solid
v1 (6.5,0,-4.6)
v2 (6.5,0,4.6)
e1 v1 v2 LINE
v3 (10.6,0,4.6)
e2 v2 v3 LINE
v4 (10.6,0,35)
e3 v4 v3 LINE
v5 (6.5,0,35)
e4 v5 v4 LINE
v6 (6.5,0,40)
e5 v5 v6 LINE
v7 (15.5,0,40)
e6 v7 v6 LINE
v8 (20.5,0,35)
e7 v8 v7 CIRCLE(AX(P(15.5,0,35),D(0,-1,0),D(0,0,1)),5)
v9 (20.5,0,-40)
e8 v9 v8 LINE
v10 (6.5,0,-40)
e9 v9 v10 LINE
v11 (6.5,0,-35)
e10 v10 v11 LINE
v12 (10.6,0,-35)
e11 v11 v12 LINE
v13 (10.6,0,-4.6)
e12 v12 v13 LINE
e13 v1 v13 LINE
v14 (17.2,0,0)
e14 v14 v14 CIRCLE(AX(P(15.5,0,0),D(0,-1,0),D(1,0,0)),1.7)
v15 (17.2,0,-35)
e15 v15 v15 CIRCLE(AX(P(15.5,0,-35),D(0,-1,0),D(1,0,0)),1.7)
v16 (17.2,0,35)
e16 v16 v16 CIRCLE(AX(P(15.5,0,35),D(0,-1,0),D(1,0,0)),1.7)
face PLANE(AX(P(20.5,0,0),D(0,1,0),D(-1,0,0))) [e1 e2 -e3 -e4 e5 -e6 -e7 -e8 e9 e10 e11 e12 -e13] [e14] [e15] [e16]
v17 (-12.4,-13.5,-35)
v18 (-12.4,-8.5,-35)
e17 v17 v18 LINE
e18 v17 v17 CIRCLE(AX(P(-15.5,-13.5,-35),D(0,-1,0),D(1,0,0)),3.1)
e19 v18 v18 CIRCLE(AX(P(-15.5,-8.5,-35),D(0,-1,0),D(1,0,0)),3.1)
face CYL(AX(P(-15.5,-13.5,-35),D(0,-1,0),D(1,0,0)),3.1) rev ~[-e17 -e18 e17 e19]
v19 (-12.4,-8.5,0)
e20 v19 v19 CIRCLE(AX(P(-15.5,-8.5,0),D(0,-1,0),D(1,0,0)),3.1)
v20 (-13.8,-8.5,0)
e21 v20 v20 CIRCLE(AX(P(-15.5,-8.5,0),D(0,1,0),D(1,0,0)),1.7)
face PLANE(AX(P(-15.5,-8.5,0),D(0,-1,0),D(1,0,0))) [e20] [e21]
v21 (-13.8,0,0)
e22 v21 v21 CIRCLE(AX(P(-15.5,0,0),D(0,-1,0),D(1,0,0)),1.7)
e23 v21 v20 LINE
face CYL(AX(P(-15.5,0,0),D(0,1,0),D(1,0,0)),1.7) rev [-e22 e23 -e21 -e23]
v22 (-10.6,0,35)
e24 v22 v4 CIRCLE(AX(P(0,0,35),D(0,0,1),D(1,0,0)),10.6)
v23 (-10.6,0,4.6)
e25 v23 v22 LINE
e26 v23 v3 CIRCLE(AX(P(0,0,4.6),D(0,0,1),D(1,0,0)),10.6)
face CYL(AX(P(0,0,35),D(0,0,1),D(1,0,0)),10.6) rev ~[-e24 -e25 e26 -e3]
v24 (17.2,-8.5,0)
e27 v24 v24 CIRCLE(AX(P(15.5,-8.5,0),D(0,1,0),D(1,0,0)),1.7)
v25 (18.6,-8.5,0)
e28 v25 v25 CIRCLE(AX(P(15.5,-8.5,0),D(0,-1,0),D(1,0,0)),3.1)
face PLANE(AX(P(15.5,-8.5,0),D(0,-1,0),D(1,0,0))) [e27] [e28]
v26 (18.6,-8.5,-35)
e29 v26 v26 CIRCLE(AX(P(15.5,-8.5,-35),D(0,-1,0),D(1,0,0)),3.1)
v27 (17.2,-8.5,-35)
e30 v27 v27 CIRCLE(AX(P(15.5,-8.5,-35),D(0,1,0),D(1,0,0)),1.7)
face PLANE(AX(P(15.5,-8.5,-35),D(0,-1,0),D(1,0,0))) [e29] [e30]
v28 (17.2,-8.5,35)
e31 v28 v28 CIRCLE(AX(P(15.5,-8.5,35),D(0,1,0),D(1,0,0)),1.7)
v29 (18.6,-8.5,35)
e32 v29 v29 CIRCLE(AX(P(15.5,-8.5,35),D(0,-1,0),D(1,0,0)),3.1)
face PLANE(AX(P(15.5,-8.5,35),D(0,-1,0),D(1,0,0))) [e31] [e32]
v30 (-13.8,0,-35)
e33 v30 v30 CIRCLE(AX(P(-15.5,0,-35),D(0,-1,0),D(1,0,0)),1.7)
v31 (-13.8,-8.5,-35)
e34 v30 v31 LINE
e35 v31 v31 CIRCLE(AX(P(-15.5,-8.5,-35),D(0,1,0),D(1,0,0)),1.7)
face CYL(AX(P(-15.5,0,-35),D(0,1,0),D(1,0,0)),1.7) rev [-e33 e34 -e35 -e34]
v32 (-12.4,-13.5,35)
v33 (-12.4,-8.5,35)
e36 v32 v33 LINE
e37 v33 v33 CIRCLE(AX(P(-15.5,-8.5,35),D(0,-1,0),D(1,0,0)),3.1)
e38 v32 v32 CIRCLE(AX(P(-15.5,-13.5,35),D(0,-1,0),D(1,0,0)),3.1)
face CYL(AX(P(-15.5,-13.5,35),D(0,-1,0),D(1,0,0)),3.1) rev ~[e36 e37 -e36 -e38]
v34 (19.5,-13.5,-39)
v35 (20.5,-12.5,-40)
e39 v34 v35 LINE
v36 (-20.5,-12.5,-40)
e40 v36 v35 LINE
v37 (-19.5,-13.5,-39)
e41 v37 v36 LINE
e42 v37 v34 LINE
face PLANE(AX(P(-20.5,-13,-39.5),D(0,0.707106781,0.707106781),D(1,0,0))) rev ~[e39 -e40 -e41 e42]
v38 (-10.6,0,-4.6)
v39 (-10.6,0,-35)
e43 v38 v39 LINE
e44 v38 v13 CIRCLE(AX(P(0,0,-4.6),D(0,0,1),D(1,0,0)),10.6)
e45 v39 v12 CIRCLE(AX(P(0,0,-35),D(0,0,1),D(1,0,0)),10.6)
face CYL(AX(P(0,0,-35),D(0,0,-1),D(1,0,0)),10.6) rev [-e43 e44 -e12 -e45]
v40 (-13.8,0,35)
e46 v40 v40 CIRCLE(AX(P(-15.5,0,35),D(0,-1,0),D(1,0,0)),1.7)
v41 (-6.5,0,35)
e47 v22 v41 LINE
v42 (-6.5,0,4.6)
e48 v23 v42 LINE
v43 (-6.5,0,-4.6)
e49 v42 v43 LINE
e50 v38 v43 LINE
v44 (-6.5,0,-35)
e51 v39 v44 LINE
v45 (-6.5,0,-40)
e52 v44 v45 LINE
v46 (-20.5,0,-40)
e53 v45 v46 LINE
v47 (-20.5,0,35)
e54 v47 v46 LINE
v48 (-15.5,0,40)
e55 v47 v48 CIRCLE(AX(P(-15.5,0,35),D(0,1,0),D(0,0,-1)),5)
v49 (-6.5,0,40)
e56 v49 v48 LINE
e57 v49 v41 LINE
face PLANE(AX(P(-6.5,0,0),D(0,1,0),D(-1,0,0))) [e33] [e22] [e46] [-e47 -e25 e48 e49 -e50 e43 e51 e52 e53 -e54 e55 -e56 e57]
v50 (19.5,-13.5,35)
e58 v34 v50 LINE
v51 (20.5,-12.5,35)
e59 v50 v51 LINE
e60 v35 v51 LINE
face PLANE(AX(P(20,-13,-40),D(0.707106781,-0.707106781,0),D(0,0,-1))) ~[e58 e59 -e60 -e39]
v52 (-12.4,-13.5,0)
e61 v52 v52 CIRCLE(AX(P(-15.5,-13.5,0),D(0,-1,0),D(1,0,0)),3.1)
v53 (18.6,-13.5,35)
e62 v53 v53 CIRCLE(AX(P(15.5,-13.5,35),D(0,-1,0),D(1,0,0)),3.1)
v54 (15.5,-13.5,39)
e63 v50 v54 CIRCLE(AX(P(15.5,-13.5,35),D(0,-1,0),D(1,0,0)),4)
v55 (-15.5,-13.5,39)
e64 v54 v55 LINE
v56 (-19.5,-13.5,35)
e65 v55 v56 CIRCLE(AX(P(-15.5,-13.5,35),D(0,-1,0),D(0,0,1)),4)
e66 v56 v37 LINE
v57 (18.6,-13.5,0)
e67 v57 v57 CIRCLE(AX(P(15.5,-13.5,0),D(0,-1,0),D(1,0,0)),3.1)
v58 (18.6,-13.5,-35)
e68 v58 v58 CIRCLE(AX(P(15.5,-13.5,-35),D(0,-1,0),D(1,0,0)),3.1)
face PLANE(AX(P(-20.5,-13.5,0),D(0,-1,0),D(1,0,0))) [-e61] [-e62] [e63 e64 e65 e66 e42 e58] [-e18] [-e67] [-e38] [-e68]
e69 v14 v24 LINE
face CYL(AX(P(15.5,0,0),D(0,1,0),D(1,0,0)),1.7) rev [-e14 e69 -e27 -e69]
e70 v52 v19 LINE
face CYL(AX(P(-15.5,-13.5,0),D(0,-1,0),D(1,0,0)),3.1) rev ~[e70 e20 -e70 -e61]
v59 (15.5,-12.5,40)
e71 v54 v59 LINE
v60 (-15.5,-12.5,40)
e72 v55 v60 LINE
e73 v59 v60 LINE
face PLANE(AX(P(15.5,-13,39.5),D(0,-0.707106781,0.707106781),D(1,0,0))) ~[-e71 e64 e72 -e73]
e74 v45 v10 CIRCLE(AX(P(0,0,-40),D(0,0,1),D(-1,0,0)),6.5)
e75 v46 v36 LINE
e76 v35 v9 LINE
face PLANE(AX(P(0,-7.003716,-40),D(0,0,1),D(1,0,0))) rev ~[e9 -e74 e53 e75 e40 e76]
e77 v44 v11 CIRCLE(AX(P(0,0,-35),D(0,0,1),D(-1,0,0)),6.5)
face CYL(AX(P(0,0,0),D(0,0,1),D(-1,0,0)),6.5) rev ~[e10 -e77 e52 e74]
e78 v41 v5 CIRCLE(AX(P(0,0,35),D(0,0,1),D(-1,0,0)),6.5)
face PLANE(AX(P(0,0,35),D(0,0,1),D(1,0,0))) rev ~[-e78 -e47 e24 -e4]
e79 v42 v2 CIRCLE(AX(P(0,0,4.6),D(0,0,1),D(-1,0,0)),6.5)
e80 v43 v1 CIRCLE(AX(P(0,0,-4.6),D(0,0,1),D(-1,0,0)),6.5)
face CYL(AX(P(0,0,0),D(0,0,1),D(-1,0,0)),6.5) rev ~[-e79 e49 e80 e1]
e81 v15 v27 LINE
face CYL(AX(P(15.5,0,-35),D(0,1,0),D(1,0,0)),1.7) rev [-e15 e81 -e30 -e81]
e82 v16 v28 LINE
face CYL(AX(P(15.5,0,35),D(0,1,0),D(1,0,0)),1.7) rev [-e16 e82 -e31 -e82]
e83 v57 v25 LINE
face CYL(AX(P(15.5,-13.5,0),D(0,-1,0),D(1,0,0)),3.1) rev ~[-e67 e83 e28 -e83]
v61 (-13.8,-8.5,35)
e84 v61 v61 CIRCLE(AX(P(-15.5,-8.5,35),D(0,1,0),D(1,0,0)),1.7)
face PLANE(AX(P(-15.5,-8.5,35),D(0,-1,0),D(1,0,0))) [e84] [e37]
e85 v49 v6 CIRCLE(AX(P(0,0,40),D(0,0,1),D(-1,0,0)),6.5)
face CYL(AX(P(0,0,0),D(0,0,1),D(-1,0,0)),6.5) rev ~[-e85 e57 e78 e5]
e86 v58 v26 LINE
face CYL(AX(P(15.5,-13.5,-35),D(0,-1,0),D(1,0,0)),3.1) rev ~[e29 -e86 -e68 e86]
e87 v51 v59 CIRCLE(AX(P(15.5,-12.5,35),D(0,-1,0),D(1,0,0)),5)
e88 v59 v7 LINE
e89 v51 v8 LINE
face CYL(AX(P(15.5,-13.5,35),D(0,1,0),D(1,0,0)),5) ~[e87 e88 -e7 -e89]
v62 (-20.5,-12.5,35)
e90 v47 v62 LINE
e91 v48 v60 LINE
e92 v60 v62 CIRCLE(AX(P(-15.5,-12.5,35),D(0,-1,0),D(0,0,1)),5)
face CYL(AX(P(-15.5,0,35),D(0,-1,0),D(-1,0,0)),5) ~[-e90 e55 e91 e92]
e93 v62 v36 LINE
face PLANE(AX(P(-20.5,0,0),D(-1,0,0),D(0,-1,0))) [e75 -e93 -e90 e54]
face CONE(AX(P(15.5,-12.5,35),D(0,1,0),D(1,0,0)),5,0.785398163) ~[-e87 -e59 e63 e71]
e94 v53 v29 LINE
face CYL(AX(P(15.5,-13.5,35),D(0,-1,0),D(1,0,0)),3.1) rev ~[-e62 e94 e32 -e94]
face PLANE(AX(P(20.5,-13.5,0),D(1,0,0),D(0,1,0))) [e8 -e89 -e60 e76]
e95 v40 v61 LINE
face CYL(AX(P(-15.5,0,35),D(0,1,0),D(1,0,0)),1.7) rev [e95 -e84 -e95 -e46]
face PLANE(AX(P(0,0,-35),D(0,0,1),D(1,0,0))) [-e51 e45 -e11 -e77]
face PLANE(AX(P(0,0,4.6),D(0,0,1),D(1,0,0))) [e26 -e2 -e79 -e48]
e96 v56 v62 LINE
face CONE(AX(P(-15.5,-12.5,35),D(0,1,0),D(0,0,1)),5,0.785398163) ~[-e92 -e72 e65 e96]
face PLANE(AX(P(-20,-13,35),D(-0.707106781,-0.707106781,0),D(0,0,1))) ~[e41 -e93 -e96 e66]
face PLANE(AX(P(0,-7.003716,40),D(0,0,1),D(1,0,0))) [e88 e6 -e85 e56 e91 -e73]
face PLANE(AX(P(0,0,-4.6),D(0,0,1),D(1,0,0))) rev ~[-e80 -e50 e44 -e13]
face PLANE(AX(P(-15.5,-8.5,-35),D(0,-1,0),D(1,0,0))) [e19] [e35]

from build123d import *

# Parameters (mm, degrees)
PAD_DEPTH       = 40
SKETCH001_R     = 1.7
POCKET_DEPTH    = 13.501
SKETCH002_R     = 10.6
POCKET001_DEPTH = 30.4
SKETCH003_R     = 10.6
POCKET002_DEPTH = 30.4
FILLET_R        = 5
CHAMFER_SIZE    = 1
SKETCH004_R     = 3.1
POCKET003_DEPTH = 5


with BuildPart() as part:
    # Sketch → Pad (new body, symmetric)
    with BuildSketch(Plane.XY):
        with BuildLine():
            Line((-20.5, -13.5), (20.5, -13.5))
            Line((20.5, -13.5), (20.5, 0))
            Line((20.5, 0), (6.5, 0))
            ThreePointArc((-6.5, 0), (0, -6.5), (6.5, 0))
            Line((-6.5, 0), (-20.5, 0))
            Line((-20.5, 0), (-20.5, -13.5))
        make_face()
    extrude(amount=PAD_DEPTH, both=True)

    # Sketch001 → Pocket (cut, through all)
    with BuildSketch(Plane.XZ):
        with Locations((-15.5, 35)):
            Circle(SKETCH001_R)
        with Locations((-15.5, 0)):
            Circle(SKETCH001_R)
        with Locations((-15.5, -35)):
            Circle(SKETCH001_R)
        with Locations((15.5, -35)):
            Circle(SKETCH001_R)
        with Locations((15.5, 0)):
            Circle(SKETCH001_R)
        with Locations((15.5, 35)):
            Circle(SKETCH001_R)
    extrude(amount=POCKET_DEPTH, mode=Mode.SUBTRACT)

    # Sketch002 (on DatumPlane) → Pocket001 (cut)
    with BuildSketch(Plane.XY.offset(35)):
        Circle(SKETCH002_R)
    extrude(amount=-POCKET001_DEPTH, mode=Mode.SUBTRACT)

    # Sketch003 (on DatumPlane) → Pocket002 (cut)
    with BuildSketch(Plane.XY.offset(-35)):
        Circle(SKETCH003_R)
    extrude(amount=POCKET002_DEPTH, mode=Mode.SUBTRACT)

    # Fillet
    fillet_edges = [part.edges().sort_by_distance(p)[0] for p in [
        (-20.5, -6.75, 40),
        (20.5, -6.75, 40),
    ]]
    fillet(fillet_edges, radius=FILLET_R)

    # Chamfer
    chamfer_edges = [part.edges().sort_by_distance(p)[0] for p in [
        (-20.5, -13.5, -2.5),
        (0, -13.5, -40),
    ]]
    chamfer(chamfer_edges, length=CHAMFER_SIZE)

    # Sketch004 (on Face1 of Chamfer) → Pocket003 (cut)
    with BuildSketch(Plane.XZ.offset(13.5)):
        with Locations((-15.5, 35)):
            Circle(SKETCH004_R)
        with Locations((15.5, 35)):
            Circle(SKETCH004_R)
        with Locations((-15.5, -35)):
            Circle(SKETCH004_R)
        with Locations((-15.5, 0)):
            Circle(SKETCH004_R)
        with Locations((15.5, 0)):
            Circle(SKETCH004_R)
        with Locations((15.5, -35)):
            Circle(SKETCH004_R)
    extrude(amount=-POCKET003_DEPTH, mode=Mode.SUBTRACT)


solid = part.part
